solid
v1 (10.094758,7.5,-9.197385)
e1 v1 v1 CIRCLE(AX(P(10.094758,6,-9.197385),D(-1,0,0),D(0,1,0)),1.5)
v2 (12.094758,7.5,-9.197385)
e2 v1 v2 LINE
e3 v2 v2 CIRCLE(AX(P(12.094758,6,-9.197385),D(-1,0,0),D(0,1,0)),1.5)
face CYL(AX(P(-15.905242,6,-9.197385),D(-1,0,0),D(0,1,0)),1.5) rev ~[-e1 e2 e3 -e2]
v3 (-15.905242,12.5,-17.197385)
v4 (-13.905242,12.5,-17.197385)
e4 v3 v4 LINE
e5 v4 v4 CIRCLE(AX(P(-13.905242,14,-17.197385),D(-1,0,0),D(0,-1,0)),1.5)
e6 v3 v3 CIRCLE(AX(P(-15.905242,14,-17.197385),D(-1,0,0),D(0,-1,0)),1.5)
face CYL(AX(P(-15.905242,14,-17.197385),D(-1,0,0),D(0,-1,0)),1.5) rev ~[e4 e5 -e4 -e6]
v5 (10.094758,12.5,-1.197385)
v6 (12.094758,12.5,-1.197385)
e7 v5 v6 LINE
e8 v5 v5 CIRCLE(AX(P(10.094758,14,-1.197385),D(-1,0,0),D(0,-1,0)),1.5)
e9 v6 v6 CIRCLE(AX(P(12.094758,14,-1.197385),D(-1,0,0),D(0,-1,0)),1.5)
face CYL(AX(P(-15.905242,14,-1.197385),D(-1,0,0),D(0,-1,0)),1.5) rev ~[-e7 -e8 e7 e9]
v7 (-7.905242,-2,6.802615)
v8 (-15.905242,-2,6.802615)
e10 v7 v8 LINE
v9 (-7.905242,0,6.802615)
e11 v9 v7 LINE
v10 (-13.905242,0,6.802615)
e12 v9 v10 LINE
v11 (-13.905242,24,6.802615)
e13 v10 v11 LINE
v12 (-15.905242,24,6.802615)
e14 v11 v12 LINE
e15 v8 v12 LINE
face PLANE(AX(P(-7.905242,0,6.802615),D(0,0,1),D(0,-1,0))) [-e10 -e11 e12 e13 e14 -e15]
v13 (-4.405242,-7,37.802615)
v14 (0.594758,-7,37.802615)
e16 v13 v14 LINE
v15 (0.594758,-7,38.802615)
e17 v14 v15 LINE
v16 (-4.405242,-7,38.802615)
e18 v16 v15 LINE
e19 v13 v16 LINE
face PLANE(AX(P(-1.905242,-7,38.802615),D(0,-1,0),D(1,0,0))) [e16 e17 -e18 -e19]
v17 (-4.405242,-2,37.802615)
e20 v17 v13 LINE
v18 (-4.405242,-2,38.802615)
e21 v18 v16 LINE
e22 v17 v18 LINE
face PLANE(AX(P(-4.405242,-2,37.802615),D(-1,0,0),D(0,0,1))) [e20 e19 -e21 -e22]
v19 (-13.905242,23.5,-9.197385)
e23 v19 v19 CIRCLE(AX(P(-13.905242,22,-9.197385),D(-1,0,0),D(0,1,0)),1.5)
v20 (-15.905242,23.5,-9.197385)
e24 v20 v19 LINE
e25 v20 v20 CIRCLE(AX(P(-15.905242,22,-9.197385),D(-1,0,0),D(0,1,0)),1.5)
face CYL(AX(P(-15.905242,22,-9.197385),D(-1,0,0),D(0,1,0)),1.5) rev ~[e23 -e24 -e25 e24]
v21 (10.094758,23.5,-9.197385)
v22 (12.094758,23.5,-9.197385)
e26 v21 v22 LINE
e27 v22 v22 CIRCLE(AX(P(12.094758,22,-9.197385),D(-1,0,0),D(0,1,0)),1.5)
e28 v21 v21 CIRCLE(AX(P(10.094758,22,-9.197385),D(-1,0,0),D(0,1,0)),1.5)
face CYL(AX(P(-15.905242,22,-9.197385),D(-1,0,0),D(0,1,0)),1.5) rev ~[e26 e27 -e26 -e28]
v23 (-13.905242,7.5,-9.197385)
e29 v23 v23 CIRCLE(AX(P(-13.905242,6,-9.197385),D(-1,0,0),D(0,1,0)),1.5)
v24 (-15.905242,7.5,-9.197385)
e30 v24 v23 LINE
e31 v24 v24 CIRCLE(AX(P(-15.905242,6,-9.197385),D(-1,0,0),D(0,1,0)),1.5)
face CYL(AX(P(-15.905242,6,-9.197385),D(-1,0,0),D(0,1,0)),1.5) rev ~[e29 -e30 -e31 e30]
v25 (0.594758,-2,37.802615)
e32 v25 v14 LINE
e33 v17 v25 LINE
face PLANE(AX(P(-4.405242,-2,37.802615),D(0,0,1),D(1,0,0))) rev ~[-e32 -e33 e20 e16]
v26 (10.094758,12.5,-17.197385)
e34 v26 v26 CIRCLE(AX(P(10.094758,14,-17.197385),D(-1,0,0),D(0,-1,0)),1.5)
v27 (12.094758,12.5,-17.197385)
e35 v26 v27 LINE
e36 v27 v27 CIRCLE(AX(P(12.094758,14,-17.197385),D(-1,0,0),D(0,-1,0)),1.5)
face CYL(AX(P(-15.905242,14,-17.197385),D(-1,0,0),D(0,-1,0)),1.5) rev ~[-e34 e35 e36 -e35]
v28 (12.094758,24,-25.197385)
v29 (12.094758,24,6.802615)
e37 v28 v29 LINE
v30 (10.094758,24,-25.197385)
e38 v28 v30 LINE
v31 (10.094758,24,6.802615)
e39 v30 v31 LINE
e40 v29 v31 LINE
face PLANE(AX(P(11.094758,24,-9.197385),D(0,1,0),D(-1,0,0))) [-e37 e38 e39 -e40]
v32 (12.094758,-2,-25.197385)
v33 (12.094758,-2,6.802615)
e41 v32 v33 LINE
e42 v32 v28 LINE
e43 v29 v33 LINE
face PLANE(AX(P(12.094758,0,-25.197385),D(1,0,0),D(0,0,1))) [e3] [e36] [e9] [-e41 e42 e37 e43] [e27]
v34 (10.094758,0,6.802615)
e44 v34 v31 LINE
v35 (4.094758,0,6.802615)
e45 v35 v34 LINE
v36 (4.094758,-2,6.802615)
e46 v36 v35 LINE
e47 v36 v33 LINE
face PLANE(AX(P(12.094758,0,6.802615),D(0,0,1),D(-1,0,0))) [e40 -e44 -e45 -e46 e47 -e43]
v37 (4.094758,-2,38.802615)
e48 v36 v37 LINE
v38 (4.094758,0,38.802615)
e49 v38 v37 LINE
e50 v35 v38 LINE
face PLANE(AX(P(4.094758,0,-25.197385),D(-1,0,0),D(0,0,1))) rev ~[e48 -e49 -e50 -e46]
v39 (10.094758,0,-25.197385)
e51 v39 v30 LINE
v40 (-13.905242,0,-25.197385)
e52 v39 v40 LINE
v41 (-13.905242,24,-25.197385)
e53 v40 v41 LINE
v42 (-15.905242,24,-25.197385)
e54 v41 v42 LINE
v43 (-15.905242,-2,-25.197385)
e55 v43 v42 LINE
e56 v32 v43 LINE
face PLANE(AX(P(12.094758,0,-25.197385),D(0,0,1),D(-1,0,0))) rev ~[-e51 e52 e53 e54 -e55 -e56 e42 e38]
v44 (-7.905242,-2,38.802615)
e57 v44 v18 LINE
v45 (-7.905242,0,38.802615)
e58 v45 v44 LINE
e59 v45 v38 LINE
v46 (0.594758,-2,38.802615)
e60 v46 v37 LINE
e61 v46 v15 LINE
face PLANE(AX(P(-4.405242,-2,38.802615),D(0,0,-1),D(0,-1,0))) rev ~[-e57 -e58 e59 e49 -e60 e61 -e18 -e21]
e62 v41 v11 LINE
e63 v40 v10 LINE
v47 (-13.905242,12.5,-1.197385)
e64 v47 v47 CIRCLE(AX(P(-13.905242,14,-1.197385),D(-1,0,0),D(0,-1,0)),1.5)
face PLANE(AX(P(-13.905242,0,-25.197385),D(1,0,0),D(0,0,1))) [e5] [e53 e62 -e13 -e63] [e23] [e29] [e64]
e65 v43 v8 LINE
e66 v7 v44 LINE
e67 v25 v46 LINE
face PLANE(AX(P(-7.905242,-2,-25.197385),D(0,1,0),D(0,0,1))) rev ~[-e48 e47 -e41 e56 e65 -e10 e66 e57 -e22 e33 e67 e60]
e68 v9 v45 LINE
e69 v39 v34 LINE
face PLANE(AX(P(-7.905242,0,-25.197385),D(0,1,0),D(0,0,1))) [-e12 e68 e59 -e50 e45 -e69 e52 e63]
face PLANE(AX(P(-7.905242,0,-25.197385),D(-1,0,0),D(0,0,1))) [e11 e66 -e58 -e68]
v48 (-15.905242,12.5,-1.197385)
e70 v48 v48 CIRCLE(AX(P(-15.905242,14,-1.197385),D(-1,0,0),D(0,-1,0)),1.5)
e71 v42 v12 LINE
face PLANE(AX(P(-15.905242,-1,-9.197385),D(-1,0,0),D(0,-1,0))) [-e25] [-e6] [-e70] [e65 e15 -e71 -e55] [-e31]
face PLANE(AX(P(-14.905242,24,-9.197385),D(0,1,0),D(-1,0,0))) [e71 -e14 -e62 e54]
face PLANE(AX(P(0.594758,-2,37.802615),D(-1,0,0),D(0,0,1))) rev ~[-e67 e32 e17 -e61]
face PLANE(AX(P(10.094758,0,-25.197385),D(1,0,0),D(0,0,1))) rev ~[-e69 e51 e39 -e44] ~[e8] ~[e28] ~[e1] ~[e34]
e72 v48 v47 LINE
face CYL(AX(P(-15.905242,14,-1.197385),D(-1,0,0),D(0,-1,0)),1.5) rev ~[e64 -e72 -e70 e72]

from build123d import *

# Parameters (mm, degrees)
F0_W      = 12
F0_H      = 64
F1_DEPTH  = 2
F2_W      = 2
F2_H      = 32
F3_DEPTH  = 8
F4_W      = 2
F4_H      = 32
F5_DEPTH  = 8
F6_W      = 5
F6_H      = 2
F7_DEPTH  = 5
F8_W      = 5
F8_H      = 1
F9_DEPTH  = 16.501
F10_W     = 2
F10_H     = 32
F11_DEPTH = 24
F12_R     = 1.5
F13_DEPTH = 28.001


with BuildPart() as f1:
    # F0 (on Front) → F1 (new body)
    with BuildSketch(Plane.XZ):
        with Locations((-1.9052418647, 6.8026150874)):
            Rectangle(F0_W, F0_H)
    extrude(amount=F1_DEPTH)

    # F2 (on face) → F3 (join)
    with BuildSketch(Plane.YZ.offset(4.0947581353)):
        with Locations((-1, -9.1973849126)):
            Rectangle(F2_W, F2_H)
    extrude(amount=F3_DEPTH)

    # F4 (on face) → F5 (join)
    with BuildSketch(Plane(origin=(-7.9052418647, 0, 0), x_dir=(0, -1, 0), z_dir=(-1, 0, 0))):
        with Locations((1, -9.1973849126)):
            Rectangle(F4_W, F4_H)
    extrude(amount=F5_DEPTH)

    # F6 (on face) → F7 (join)
    with BuildSketch(Plane.XZ.offset(2)):
        with Locations((-1.9052418647, 38.8026150874)):
            Rectangle(F6_W, F6_H)
    extrude(amount=F7_DEPTH)

    # F8 (on face) → F9 (cut, through all)
    with BuildSketch(Plane(origin=(-4.4052418647, 0, 0), x_dir=(0, -1, 0), z_dir=(-1, 0, 0))):
        with Locations((4.5, 39.3026150874)):
            Rectangle(F8_W, F8_H)
    extrude(amount=-F9_DEPTH, mode=Mode.SUBTRACT)

    # F10 (on face) → F11 (join)
    with BuildSketch(Plane(origin=(0, 0, 0), x_dir=(-1, 0, 0), z_dir=(0, 1, 0))):
        with Locations((-11.0947581353, -9.1973849126)):
            Rectangle(F10_W, F10_H)
        with Locations((14.9052418647, -9.1973849126)):
            Rectangle(F10_W, F10_H)
    extrude(amount=F11_DEPTH)

    # F12 (on face) → F13 (cut, through all)
    with BuildSketch(Plane(origin=(-15.9052418647, 0, 0), x_dir=(0, -1, 0), z_dir=(-1, 0, 0))):
        with Locations((-14, -1.1973849126)):
            Circle(F12_R)
        with Locations((-14, -17.1973849126)):
            Circle(F12_R)
        with BuildLine():
            Line((-23.5, -9.1973849126), (-20.5, -9.1973849126))
            ThreePointArc((-20.5, -9.1973849126), (-22, -7.6973849126), (-23.5, -9.1973849126))
        make_face()
        with BuildLine():
            ThreePointArc((-4.5, -9.1973849126), (-6, -7.6973849126), (-7.5, -9.1973849126))
            Line((-7.5, -9.1973849126), (-4.5, -9.1973849126))
        make_face()
        with BuildLine():
            Line((-4.5, -9.1973849126), (-7.5, -9.1973849126))
            ThreePointArc((-7.5, -9.1973849126), (-6, -10.6973849126), (-4.5, -9.1973849126))
        make_face()
        with BuildLine():
            ThreePointArc((-23.5, -9.1973849126), (-22, -10.6973849126), (-20.5, -9.1973849126))
            Line((-20.5, -9.1973849126), (-23.5, -9.1973849126))
        make_face()
    extrude(amount=-F13_DEPTH, mode=Mode.SUBTRACT)


solid = f1.part
